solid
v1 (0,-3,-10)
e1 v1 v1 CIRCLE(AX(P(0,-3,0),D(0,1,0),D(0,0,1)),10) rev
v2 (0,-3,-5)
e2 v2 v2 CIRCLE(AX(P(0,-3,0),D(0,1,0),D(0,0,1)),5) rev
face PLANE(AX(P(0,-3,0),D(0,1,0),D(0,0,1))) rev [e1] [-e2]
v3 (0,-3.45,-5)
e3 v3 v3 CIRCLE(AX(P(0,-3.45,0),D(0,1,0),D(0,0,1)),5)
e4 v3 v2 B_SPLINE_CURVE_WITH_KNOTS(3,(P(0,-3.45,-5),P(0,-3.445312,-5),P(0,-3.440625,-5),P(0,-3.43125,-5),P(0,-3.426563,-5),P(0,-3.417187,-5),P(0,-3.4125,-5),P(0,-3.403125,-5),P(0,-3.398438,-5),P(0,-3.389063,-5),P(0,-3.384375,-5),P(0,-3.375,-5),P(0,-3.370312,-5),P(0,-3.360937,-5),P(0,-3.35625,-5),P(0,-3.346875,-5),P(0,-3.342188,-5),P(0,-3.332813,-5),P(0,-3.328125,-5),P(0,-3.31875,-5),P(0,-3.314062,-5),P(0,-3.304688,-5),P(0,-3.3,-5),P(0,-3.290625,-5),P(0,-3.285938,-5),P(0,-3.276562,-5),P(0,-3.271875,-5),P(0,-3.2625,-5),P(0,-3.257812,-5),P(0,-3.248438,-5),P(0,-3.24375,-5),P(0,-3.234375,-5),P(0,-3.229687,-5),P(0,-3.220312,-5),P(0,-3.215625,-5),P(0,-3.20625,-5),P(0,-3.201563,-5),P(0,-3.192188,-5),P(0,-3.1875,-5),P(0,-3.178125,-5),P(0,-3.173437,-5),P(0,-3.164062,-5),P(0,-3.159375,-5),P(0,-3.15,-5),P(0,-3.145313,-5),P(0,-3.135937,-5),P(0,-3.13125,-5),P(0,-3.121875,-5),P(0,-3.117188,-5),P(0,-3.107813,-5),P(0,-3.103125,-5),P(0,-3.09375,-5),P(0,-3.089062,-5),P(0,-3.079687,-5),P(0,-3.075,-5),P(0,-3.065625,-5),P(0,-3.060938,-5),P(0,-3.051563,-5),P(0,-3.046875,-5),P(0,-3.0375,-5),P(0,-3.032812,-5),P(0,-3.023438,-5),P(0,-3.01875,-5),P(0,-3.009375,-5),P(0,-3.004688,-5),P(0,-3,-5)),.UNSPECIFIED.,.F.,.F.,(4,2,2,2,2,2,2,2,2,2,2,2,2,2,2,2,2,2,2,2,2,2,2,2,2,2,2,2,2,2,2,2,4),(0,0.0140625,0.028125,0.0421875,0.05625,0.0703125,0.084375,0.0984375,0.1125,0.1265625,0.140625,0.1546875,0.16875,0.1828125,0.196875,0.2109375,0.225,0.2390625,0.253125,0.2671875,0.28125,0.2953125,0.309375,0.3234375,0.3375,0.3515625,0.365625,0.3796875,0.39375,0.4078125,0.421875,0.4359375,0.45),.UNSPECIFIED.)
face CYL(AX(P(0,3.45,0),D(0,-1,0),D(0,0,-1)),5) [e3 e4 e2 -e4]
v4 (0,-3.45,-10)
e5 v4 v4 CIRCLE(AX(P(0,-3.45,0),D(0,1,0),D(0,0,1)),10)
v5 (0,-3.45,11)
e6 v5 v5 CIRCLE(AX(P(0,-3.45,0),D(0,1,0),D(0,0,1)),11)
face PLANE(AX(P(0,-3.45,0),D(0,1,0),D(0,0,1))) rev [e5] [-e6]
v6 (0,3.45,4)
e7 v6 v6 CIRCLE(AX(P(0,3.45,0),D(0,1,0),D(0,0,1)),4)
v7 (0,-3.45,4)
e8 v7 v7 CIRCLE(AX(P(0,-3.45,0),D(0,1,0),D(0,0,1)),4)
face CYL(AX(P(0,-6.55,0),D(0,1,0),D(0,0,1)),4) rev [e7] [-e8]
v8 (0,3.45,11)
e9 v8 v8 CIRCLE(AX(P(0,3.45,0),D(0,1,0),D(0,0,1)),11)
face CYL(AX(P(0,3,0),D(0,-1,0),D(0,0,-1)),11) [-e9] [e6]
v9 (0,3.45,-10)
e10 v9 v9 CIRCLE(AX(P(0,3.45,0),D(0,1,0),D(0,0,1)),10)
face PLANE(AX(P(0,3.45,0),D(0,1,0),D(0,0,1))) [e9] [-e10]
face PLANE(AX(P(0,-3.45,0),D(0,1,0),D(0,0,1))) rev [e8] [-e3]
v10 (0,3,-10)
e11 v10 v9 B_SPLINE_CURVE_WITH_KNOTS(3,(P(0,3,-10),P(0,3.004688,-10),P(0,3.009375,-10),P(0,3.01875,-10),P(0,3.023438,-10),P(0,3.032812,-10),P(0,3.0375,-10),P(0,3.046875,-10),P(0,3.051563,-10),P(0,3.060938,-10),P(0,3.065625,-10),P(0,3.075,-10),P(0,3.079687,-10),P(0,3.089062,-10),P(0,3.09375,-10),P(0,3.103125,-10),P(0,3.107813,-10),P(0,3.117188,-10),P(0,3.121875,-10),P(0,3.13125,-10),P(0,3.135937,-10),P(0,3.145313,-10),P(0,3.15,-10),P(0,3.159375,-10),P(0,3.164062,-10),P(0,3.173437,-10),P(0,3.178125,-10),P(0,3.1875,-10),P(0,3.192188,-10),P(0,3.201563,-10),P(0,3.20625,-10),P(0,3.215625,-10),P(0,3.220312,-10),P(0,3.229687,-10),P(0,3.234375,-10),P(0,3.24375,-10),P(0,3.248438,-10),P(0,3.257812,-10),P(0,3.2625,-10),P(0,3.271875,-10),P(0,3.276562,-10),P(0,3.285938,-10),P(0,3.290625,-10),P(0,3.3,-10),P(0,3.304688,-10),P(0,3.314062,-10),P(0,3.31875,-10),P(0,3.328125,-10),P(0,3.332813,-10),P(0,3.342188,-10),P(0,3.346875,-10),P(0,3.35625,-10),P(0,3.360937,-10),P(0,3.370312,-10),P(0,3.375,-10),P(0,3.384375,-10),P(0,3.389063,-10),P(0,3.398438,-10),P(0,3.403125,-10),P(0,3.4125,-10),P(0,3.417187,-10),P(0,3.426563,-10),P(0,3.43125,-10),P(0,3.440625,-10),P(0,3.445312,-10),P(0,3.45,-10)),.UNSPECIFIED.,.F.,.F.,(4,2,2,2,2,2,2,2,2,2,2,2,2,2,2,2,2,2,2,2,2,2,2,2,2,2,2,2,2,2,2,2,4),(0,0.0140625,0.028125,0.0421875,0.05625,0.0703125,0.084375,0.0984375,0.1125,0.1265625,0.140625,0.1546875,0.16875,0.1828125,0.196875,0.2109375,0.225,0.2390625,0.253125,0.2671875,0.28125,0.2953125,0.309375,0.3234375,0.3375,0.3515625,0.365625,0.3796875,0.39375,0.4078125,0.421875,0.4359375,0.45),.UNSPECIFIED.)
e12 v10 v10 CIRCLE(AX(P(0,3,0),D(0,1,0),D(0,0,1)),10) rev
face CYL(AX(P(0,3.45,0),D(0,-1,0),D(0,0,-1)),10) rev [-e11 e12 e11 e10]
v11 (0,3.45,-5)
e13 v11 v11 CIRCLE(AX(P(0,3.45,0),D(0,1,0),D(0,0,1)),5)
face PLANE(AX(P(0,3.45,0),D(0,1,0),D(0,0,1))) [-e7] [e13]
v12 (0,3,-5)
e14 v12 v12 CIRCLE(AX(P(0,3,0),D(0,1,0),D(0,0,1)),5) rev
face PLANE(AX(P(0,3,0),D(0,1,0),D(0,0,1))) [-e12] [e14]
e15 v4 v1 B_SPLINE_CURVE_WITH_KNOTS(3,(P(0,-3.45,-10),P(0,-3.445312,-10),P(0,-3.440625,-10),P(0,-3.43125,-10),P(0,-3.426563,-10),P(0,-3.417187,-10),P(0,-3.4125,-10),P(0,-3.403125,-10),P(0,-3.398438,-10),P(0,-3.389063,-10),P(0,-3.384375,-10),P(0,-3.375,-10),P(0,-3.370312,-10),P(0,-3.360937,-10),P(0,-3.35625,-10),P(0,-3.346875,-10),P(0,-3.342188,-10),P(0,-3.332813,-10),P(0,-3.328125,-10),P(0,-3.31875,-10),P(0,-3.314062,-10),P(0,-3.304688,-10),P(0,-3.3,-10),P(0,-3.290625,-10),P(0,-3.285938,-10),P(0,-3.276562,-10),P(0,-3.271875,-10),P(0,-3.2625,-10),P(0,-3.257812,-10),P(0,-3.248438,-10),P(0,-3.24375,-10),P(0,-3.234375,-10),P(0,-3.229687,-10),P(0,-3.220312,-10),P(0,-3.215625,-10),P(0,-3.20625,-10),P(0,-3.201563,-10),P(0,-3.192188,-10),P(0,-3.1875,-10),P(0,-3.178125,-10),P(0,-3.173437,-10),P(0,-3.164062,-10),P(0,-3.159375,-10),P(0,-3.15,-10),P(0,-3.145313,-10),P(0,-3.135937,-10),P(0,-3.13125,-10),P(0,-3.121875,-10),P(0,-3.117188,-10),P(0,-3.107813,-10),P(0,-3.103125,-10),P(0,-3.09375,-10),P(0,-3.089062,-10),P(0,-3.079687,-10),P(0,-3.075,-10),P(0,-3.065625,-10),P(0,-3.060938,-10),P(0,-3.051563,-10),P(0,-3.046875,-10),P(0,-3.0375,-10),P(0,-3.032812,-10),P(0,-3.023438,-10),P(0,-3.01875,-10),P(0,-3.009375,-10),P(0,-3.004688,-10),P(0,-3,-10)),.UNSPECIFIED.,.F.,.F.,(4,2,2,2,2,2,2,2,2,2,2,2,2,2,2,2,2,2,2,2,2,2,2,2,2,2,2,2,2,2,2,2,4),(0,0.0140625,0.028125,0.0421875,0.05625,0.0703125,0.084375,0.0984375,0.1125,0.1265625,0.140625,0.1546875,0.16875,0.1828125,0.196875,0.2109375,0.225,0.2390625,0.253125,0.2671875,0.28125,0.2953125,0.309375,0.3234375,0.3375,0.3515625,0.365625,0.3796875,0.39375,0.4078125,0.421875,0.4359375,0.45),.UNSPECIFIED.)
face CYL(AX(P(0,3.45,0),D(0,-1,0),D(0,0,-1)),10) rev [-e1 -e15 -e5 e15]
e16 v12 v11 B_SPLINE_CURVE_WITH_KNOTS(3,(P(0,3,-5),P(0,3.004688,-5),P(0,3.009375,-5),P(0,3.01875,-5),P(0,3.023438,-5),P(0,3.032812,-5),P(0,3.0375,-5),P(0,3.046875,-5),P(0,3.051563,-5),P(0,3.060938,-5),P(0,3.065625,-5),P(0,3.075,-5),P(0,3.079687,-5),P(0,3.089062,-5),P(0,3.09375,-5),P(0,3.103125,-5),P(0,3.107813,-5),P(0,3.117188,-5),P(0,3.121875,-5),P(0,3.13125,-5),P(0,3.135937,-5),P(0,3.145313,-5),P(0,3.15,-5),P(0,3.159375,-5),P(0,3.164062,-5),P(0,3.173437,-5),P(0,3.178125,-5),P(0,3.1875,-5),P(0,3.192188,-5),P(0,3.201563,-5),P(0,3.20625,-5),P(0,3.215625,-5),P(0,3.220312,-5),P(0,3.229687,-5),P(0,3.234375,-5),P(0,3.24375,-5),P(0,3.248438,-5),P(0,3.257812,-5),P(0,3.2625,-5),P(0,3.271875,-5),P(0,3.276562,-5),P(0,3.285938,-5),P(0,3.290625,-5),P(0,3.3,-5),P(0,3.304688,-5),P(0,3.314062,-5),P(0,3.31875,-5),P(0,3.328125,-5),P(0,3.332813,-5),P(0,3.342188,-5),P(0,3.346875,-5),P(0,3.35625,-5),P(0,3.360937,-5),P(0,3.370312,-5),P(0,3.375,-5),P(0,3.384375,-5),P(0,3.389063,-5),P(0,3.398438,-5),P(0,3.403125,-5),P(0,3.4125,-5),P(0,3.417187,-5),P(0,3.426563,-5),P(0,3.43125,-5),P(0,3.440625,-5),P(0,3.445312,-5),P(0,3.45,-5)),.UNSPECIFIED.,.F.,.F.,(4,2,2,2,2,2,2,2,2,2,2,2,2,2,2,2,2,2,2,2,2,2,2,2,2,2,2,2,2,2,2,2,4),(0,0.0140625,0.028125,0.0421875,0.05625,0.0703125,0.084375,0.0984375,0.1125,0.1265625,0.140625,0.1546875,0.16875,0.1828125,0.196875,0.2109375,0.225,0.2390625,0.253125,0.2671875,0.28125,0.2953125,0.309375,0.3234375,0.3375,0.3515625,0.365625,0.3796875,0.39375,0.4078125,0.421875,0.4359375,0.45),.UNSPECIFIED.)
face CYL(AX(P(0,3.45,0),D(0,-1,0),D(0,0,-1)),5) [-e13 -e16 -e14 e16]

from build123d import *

# Parameters (mm, degrees)
SKETCH1_R           = 11
BOSS_EXTRUDE1_DEPTH = 3
SKETCH2_R           = 11
SKETCH2_R_2         = 10
BOSS_EXTRUDE2_DEPTH = 3.45
SKETCH4_R           = 5
BOSS_EXTRUDE3_DEPTH = 3.45
SKETCH5_R           = 4
CUT_EXTRUDE1_DEPTH  = 10


with BuildPart() as part:
    # Sketch1 → Boss-Extrude1 (new, symmetric)
    with BuildSketch(Plane(origin=(0, 0, 0), x_dir=(1, 0, 0), z_dir=(0, 1, 0))):
        with Locations(Location((0, 0, 0), (0, 0, 270))):
            Circle(SKETCH1_R)
    extrude(amount=BOSS_EXTRUDE1_DEPTH, both=True)

    # Sketch2 → Boss-Extrude2 (add, symmetric)
    with BuildSketch(Plane(origin=(0, 0, 0), x_dir=(1, 0, 0), z_dir=(0, 1, 0))):
        with Locations(Location((0, 0, 0), (0, 0, 270))):
            Circle(SKETCH2_R)
        with Locations(Location((0, 0, 0), (0, 0, 90))):
            Circle(SKETCH2_R_2, mode=Mode.SUBTRACT)
    extrude(amount=BOSS_EXTRUDE2_DEPTH, both=True)

    # Sketch4 → Boss-Extrude3 (add, symmetric)
    with BuildSketch(Plane(origin=(0, 0, 0), x_dir=(1, 0, 0), z_dir=(0, 1, 0))):
        with Locations(Location((0, 0, 0), (0, 0, 90))):
            Circle(SKETCH4_R)
    extrude(amount=BOSS_EXTRUDE3_DEPTH, both=True)

    # Sketch5 → Cut-Extrude1 (cut)
    with BuildSketch(Plane(origin=(0, 3.45, 0), x_dir=(1, 0, 0), z_dir=(0, 1, 0))):
        with Locations(Location((0, 0, 0), (0, 0, 270))):
            Circle(SKETCH5_R)
    extrude(amount=-CUT_EXTRUDE1_DEPTH, mode=Mode.SUBTRACT)


solid = part.part
